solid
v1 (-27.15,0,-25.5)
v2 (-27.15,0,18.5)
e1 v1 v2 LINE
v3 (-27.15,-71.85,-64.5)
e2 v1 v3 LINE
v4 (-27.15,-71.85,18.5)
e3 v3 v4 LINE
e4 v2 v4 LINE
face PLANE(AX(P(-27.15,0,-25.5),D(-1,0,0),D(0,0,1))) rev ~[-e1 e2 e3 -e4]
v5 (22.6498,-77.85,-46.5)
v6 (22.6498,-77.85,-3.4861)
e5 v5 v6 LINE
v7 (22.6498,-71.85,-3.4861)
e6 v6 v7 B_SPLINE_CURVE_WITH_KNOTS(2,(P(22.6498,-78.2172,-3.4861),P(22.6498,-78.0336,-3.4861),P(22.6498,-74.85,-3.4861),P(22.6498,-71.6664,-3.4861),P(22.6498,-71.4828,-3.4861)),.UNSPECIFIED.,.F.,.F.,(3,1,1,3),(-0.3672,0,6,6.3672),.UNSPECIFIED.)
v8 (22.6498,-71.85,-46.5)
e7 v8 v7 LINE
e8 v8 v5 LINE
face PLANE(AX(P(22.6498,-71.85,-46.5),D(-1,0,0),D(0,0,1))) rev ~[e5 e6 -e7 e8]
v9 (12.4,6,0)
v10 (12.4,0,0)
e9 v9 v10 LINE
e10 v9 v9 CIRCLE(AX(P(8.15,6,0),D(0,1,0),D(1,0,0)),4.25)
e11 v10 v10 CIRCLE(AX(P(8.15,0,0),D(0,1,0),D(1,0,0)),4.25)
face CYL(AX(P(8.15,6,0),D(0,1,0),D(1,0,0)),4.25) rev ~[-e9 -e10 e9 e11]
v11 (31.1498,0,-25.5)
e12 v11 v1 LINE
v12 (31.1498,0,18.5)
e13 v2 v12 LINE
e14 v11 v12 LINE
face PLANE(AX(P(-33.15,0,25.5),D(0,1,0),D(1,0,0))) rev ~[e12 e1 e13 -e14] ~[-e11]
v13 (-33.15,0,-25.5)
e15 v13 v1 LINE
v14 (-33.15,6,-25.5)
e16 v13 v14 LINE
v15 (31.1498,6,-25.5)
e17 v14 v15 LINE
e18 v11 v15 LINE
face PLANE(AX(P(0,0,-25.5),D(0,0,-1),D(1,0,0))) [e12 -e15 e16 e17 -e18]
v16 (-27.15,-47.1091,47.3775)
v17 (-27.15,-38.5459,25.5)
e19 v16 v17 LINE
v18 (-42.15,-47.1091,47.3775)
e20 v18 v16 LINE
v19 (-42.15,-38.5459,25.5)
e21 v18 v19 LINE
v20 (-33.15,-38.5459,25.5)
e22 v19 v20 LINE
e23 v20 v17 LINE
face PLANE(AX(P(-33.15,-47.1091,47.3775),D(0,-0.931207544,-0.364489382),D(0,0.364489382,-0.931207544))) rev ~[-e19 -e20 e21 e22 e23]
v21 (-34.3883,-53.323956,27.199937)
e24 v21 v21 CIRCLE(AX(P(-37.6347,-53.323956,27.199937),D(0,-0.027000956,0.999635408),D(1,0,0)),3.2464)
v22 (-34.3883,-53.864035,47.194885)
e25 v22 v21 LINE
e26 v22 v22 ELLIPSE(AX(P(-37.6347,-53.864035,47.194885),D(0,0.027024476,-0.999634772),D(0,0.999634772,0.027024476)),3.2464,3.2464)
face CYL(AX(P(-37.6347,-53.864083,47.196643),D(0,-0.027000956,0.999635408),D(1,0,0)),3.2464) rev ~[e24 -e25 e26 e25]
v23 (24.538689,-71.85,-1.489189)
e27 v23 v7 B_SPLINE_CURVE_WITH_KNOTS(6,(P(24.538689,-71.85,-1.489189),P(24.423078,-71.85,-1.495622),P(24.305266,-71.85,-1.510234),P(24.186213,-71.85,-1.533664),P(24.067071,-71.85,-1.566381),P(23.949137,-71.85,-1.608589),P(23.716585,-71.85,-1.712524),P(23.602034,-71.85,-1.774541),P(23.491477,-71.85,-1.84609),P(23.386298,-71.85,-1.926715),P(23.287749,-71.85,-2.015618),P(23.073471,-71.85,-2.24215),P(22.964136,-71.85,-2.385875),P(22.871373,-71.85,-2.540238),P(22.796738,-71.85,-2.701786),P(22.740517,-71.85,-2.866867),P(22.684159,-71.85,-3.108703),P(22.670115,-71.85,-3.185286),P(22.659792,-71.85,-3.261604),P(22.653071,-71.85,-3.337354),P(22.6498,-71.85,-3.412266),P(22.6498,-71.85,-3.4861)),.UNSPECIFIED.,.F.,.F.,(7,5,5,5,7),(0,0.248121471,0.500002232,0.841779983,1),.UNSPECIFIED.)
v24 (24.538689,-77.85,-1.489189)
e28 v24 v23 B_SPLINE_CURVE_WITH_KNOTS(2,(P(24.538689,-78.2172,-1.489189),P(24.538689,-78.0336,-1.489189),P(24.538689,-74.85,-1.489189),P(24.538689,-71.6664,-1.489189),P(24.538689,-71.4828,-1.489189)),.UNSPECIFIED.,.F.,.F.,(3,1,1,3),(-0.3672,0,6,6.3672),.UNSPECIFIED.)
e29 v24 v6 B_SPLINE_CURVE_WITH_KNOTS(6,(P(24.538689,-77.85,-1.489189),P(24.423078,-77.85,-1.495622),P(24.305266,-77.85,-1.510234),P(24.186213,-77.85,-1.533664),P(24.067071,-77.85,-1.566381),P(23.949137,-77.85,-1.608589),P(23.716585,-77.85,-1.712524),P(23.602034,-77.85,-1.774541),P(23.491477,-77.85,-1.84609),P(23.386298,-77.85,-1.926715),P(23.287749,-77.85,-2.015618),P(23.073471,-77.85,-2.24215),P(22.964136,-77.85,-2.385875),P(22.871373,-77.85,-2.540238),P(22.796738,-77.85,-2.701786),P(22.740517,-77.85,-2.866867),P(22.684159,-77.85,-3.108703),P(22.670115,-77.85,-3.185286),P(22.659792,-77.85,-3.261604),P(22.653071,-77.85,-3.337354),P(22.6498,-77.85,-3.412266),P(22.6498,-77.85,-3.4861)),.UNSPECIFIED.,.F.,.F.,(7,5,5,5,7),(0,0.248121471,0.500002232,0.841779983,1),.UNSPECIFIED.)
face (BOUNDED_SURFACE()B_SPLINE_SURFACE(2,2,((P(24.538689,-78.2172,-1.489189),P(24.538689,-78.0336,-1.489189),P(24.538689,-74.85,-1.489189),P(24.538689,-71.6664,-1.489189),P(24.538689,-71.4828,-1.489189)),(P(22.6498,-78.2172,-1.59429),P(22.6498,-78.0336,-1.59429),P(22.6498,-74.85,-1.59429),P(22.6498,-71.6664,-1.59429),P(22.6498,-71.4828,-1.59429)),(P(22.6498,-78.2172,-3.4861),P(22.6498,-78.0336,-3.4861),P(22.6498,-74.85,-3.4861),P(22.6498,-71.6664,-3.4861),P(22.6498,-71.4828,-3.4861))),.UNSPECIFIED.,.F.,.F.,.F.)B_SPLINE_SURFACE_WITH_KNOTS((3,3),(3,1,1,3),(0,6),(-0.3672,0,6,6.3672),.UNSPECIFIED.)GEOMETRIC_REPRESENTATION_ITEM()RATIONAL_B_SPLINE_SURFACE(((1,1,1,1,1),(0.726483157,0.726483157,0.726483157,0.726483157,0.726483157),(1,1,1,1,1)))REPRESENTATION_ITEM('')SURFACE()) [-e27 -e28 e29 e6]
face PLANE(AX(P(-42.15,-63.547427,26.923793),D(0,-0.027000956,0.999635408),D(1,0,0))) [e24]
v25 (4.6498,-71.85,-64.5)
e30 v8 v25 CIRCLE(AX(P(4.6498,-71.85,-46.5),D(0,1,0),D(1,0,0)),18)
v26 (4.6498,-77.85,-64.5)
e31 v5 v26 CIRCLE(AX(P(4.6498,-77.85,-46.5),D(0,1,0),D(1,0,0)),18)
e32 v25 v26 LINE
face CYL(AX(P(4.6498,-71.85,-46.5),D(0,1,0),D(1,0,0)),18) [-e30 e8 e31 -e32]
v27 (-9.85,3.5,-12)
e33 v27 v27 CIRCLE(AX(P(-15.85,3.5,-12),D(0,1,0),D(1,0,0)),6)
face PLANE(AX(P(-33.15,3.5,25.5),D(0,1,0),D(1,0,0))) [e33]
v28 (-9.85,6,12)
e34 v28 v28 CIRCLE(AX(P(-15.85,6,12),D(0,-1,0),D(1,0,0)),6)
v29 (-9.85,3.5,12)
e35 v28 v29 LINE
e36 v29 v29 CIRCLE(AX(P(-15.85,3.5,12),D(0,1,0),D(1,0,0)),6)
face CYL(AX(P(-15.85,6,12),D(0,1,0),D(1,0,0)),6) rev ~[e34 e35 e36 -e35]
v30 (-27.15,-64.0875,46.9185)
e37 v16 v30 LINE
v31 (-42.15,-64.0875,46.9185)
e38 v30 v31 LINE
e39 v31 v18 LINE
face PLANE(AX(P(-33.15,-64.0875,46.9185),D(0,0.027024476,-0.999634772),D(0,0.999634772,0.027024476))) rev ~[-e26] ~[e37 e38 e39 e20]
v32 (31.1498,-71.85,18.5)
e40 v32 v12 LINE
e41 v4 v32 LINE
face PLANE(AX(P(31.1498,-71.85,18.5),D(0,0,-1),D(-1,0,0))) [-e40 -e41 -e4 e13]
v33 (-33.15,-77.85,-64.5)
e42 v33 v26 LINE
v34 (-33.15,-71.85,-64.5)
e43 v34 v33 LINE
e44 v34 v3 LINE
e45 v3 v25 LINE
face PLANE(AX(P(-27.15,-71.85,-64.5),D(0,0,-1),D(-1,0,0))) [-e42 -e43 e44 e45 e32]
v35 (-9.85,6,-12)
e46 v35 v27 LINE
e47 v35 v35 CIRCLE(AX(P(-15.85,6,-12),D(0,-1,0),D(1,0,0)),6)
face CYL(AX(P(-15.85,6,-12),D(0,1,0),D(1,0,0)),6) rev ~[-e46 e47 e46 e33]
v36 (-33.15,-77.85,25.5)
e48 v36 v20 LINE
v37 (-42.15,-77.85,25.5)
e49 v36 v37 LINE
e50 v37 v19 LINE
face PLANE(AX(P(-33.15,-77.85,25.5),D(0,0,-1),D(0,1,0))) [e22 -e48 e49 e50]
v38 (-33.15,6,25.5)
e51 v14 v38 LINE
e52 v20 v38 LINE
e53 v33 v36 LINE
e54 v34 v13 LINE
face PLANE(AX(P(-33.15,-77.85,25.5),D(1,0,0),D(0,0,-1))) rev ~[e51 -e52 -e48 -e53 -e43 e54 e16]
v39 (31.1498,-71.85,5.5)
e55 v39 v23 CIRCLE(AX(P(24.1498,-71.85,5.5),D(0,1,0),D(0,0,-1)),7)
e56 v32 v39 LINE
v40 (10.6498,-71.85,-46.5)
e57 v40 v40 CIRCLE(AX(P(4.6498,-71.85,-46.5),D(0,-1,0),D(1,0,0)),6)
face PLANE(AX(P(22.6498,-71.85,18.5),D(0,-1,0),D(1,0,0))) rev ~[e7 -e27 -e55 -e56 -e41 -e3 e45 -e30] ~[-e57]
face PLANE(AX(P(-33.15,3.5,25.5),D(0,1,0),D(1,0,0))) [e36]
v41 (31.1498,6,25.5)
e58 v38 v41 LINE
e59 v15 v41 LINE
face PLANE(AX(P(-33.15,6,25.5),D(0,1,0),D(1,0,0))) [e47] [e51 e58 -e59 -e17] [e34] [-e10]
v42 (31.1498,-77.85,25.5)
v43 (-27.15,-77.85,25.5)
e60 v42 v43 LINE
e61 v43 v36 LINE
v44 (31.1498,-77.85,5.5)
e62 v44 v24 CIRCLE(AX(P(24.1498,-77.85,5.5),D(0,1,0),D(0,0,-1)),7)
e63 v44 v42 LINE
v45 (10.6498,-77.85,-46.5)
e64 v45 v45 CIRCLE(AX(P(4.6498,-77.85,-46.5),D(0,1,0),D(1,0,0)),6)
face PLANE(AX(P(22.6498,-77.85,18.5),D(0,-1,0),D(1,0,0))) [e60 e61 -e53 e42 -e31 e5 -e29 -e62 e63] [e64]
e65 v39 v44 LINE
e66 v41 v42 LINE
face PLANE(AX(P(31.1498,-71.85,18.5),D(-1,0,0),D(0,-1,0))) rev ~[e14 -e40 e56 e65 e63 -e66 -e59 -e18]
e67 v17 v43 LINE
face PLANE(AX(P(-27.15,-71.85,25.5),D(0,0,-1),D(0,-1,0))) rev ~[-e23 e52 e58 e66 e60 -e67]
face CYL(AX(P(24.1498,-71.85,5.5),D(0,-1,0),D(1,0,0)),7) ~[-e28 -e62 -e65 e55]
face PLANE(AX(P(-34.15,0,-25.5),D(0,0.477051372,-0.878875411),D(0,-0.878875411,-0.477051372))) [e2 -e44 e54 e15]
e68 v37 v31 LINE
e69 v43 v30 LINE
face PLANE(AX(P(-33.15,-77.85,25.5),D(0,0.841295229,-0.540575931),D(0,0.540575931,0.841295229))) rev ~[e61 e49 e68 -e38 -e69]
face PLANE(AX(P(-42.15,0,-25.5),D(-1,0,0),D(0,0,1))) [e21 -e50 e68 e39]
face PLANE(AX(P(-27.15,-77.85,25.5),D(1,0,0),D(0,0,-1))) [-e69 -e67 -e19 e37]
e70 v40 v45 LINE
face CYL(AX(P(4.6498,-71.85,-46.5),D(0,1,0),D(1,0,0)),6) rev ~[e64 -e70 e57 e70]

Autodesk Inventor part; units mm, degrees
ref_plane "YZ Plane" through (0, 0, 0) normal (1, 0, 0) x (0, 1, 0)
ref_plane "XZ Plane" through (0, 0, 0) normal (0, 1, 0) x (-1, 0, 0)
ref_plane "XY Plane" through (0, 0, 0) normal (0, 0, 1) x (1, 0, 0)
sketch "Sketch1" plane through (0, 0, 0) normal (0, 1, 0) x (-1, 0, 0)
  line L0 (0, -25.5) -> (-34.15, -25.5)
  line L1 (-34.15, -25.5) -> (-34.15, 0)
  line L2 (-34.15, 0) -> (-34.15, 25.5)
  line L3 (-34.15, 25.5) -> (0, 25.5)
  line L4 (0, 25.5) -> (34.15, 25.5)
  line L5 (34.15, 25.5) -> (34.15, 0)
  line L6 (34.15, 0) -> (34.15, -25.5)
  line L7 (34.15, -25.5) -> (0, -25.5)
  point P0 (0, 0)
extrude "Extrusion1" add sketch "Sketch1" along normal blind 7
sketch "Sketch3" plane through (-34.15, 0, 25.5) normal (0, 0, 1) x (1, 0, 0)
  line L0 (0, 0) -> (0, -78.85)
  point P0 (34.15, 0)
  dimension "d7" = 78.85
sketch "Sketch4" plane through (-34.15, 0, -25.5) normal (-1, 0, 0) x (0, 0, 1)
  line L0 (51, 0) -> (51, -78.85)
  line L1 (51, -78.85) -> (-39, -78.85)
  line L2 (-39, -78.85) -> (-39, -71.85)
  line L3 (0, 0) -> (-39, -71.85)
  line L4 (0, 0) -> (51, 0)
  point P0 (25.5, 0)
  dimension "d10" = 90
  dimension "d11" = 7
extrude "Extrusion2" add sketch "Sketch4" against normal blind 7
sketch "Sketch6" plane through (0, 7, 0) normal (0, 1, 0) x (1, 0, 0)
  line L0 (34.15, -25.5) -> (34.15, 25.5) projected
  line L1 (34.15, 25.5) -> (34.15, 0)
  line L2 (-34.15, 25.5) -> (-34.15, -25.5) projected
  circle A0 centre (8.15, 0) radius 5
  point P0 (0, 0)
  dimension "d20" = 10
extrude "Extrusion4" cut sketch "Sketch6" against normal blind 10
sketch "Sketch7" plane through (-27.15, 0, -25.5) normal (1, 0, 0) x (0, 0, -1)
  line L0 (-51, -78.85) -> (39, -78.85) projected
  line L1 (-51, -78.85) -> (39, -78.85)
  line L2 (39, -78.85) -> (39, -71.85) projected
  line L3 (39, -78.85) -> (39, -71.85)
  line L4 (39, -71.85) -> (-51, -71.85)
  line L5 (-51, 0) -> (-51, -78.85) projected
  line L6 (-51, -78.85) -> (-51, -71.85)
  point P0 (-25.5, 0)
sketch "Sketch8" plane through (0, 0, 0) normal (0, -1, 0) x (1, 0, 0)
  circle A0 centre (8.15, 0) radius 5 projected
  line L0 (8.15, 18.5) -> (34.15, 18.5)
  line L1 (34.15, 25.5) -> (34.15, -25.5) projected
  line L2 (8.15, 25.5) -> (34.15, 25.5)
  line L3 (8.15, 25.5) -> (-27.15, 25.5)
  line L4 (-27.15, 25.5) -> (-27.15, -25.5) projected
  line L5 (8.15, 18.5) -> (-27.15, 18.5)
  line L6 (34.15, 25.5) -> (34.15, 18.5)
  line L7 (-27.15, 25.5) -> (-27.15, 18.5)
  point P0 (0, 0)
extrude "Extrusion6" add sketch "Sketch7" along normal blind 58.5
extrude "Extrusion7" add sketch "Sketch8" along normal blind 78.75 contours L5 L4 L3 L2 L1 L0
sketch "Sketch9" plane through (31.35, 0, -25.5) normal (1, 0, 0) x (0, 0, -1)
  line L0 (-51, -78.75) -> (-51, 7) projected
  line L1 (-44, 0) -> (-44, -71.85) projected
  line L2 (-51, -78.75) -> (-44, -78.75)
  line L3 (-44, -78.75) -> (-44, -71.85)
  line L4 (-44, -71.85) -> (-51, -71.85)
  line L5 (-51, -71.85) -> (-51, -78.75)
  point P0 (-25.5, 0)
extrude "Extrusion8" cut sketch "Sketch9" along normal blind 10
sketch "Sketch10" plane through (0, 7, 0) normal (0, 1, 0) x (1, 0, 0)
  point P0 (0, 0)
sketch "Boceto11" plane through (-34.15, -78.85, -64.5) normal (0, -1, 0) x (1, 0, 0)
  line L0 (72.0718, 89.9914) -> (72.0718, 37.9883)
  line L1 (72.0718, 37.9883) -> (65.5278, 37.9883)
  line L2 (65.5278, 37.9883) -> (65.5278, 89.9914)
  line L3 (72.0718, 89.9914) -> (72.0718, 92.1751)
  line L4 (72.0718, 92.1751) -> (65.5278, 92.1751)
  line L5 (65.5278, 92.1751) -> (65.5278, 89.9914)
  point P0 (34.15, 64.5)
extrude "Extrusión9" cut sketch "Boceto11" against normal blind 1000
sketch "Boceto18" plane through (-34.15, -78.85, 25.5) normal (0, 0, 1) x (1, 0, 0)
  point P0 (34.15, 78.85)
sketch "Boceto23" plane through (-27.15, 0, -25.5) normal (0, 0.4771, -0.8789) x (-1, 0, 0)
  point P0 (-27.15, 12.1648)
sketch "Boceto24" plane through (-27.15, 0, -25.5) normal (0, 0, -1) x (-1, 0, 0)
  line L0 (7, -71.85) -> (7, -78.85) projected
  line L1 (7, -78.35) -> (7, -78.85)
  line L2 (7, -78.85) -> (-58.5, -78.85) projected
  line L3 (-58.5, -78.85) -> (-58.5, -77.85)
  line L4 (-58.5, -71.85) -> (-58.5, -78.85) projected
  line L5 (-58.5, -77.85) -> (6, -77.85)
  line L6 (7, -77.85) -> (7, -78.85)
  line L7 (7, -78.85) -> (-58.8392, -78.85)
  line L8 (-58.5278, 7) -> (7, 7) projected
  line L9 (7, -78.85) -> (7, 7)
  line L10 (7, 7) -> (6, 7)
  line L11 (6, 6) -> (6, -77.85)
  line L12 (-58.5278, -71.85) -> (-58.5278, 7) projected
  line L13 (-58.5278, 7) -> (-58.5278, 6)
  line L14 (-58.5278, 6) -> (6, 6)
  line L15 (7, 0) -> (7, 7) projected
  line L16 (7, 6) -> (7, 7)
  line L17 (7, 7) -> (-58.5278, 7)
  point P0 (-27.15, 0)
  dimension "d65" = 1
  dimension "d66" = 1
  dimension "d67" = 1
extrude "Extrusión19" cut sketch "Boceto24" along normal mid plane 1000
sketch "Boceto25" plane through (31.35, -71.85, -64.5) normal (0, 0, -1) x (-1, 0, 0)
  point P0 (31.35, 71.85)
sketch "Boceto27" plane through (31.3778, 0, -25.5) normal (0, 0, -1) x (-1, 0, 0)
  line L0 (0, -71.85) -> (0, 6) projected
  line L1 (0, 6) -> (0.228, 6)
  line L2 (0, 6) -> (64.5278, 6) projected
  line L3 (0.228, 6) -> (0.228, -77.85)
  line L4 (0.0278, -77.85) -> (64.5278, -77.85) projected
  line L5 (0.0278, -71.85) -> (0.0278, -77.85) projected
  line L6 (0.228, -77.85) -> (0.0278, -77.85)
  line L7 (0.0278, -77.85) -> (0, 6)
  line L8 (0, 6) -> (0, -77.85)
  line L9 (0, -77.85) -> (0.0278, -77.85)
  point P0 (31.3778, 0)
  dimension "d73" = 0.228
extrude "Extrusión21" cut sketch "Boceto27" along normal mid plane 1000
sketch "Boceto28" plane through (-33.15, 0, -25.5) normal (-1, 0, 0) x (0, 0, 1)
  point P0 (25.5, 0)
sketch "Boceto30" plane through (-33.15, 0, -25.5) normal (-1, 0, 0) x (0, 0, 1)
  point P0 (25.5, 0)
sketch "Boceto31" plane through (-33.15, 0, -25.5) normal (-1, 0, 0) x (0, 0, 1)
  circle A0 centre (64.38, -38.5153) radius 2.6
  point P0 (25.5, 0)
  point P1 (64.38, -49.4573)
sketch "Boceto32" plane through (-27.15, -71.85, 18.5) normal (0, 1, 0) x (1, 0, 0)
  circle A0 centre (47, 71.5) radius 5 projected
  circle A1 centre (47, 71.5) radius 5
  line L0 (52, 71.5) -> (58.2998, 71.5)
  line L1 (67, 83) -> (67, -7)
  line L2 (58.2998, -7) -> (-6, -7) projected
  line L3 (67, -7) -> (58.2998, -7)
  line L4 (58.2998, -7) -> (58.2998, 83)
  line L5 (47, 76.5) -> (47, 83)
  line L6 (-6, 83) -> (0, 83) projected
  line L7 (-6, 83) -> (-6, 91.5)
  line L8 (-6, 91.5) -> (67, 91.5)
  line L9 (67, 91.5) -> (67, 83)
  line L10 (-6, 83) -> (58.2998, 83)
  point P0 (27.15, 18.5)
extrude "Extrusión23" add sketch "Boceto32" against normal blind 6 contours L4 L10 L6 L7 L8 L9 L1 L3
sketch "Boceto33" plane through (-33.15, -77.85, 25.5) normal (-1, 0, 0) x (0, 0, 1)
  line L0 (0, 83.85) -> (0, 0) projected
  line L1 (0, 74.4354) -> (10.1255, 74.4354)
  line L2 (10.1255, 74.4354) -> (10.1255, 56.6115)
  line L3 (10.9445, 54.9975) -> (18.0243, 49.8171)
  line L4 (18.8039, 48.5979) -> (20.1084, 42.1205)
  line L5 (0, 11.6181) -> (18.1478, 11.6181)
  line L6 (20.1478, 13.6181) -> (20.1478, 41.7256)
  arc A0 (10.1255, 56.6115) -> (10.9445, 54.9975) centre (12.1255, 56.6115) ccw
  arc A1 (18.8039, 48.5979) -> (18.0243, 49.8171) centre (16.8433, 48.203) ccw
  arc A2 (20.1478, 41.7256) -> (20.1084, 42.1205) centre (18.1478, 41.7256) ccw
  arc A3 (18.1478, 11.6181) -> (20.1478, 13.6181) centre (18.1478, 13.6181) ccw
  point P0 (-25.5, 77.85)
  dimension "d91" = 2
extrude "Extrusión24" add sketch "Boceto33" against normal blind 6
extrude "Extrusión25" cut sketch "Boceto31" against normal blind 6
sketch "Boceto34" plane through (-27.15, -77.85, 25.5) normal (1, 0, 0) x (0, 0, -1)
  line L0 (-18.1478, 11.6181) -> (-21.8775, 11.6181)
  line L1 (-21.8775, 11.6181) -> (-21.8775, 48.067)
  line L2 (-21.8775, 48.067) -> (-10.1255, 56.8358)
  line L3 (-10.1255, 74.4354) -> (-10.1255, 56.6115) projected
  line L4 (-10.1255, 56.8358) -> (-10.1255, 48.9642)
  line L5 (-10.1255, 48.9642) -> (-16.6729, 42.1735)
  line L6 (-16.6729, 42.1735) -> (-18.1478, 11.6181)
  point P0 (25.5, 77.85)
extrude "Extrusión26" add sketch "Boceto34" against normal blind 6
fillet "Empalme5" radius 10 3 edges at (-30.15, -21.0142, 35.6255) (-30.15, -29.783, 47.3775) (-30.15, -66.2319, 47.3775)
sketch "Boceto37" plane through (-33.15, 6, 25.5) normal (0, 1, 0) x (1, 0, 0)
  circle A0 centre (41.3, 25.5) radius 6 projected
  line L0 (41.3, 25.5) -> (17.3, 25.5)
  line L1 (17.3, 25.5) -> (17.3, 13.5)
  line L2 (17.3, 13.5) -> (17.3, 37.5)
  circle A1 centre (17.3, 13.5) radius 6
  circle A2 centre (17.3, 37.5) radius 6
  point P0 (33.15, 25.5)
  dimension "d106" = 24
  dimension "d107" = 12
  dimension "d108" = 24
  dimension "d109" = 12
  dimension "d110" = 12
extrude "Extrusión29" cut sketch "Boceto37" against normal blind 2.5 contours A1 | A2
sketch "Boceto39" plane through (-27.15, -71.85, 18.5) normal (0, 1, 0) x (1, 0, 0)
  line L0 (58.2998, -7) -> (58.2998, 0)
  line L1 (58.2998, 44) -> (58.2998, 91.5)
  line L2 (-6, 91.5) -> (67, 91.5) projected
  line L3 (0, 0) -> (58.2998, 0) projected
  line L4 (58.2998, 0) -> (58.2998, -7) projected
  line L5 (58.2998, -7) -> (67, -7) projected
  line L6 (58.2998, -7) -> (67, -7)
  line L7 (67, 91.5) -> (-6, 91.5) projected
  line L8 (67, -7) -> (67, 91.5)
  line L9 (67, 91.5) -> (58.2998, 91.5)
  line L10 (58.2998, 0) -> (58.2998, 44)
  point P0 (27.15, 18.5)
extrude "Extrusión31" cut sketch "Boceto39" against normal blind 10
sketch "Boceto41" plane through (-27.15, -71.85, 18.5) normal (0, 1, 0) x (1, 0, 0)
  line L0 (58.2998, 91.5) -> (58.2998, -7) projected
  line L1 (58.2998, 91.5) -> (31.7998, 91.5)
  line L2 (31.7998, 91.5) -> (31.7998, 65)
  line L3 (31.7998, 65) -> (58.2998, 65)
  line L4 (58.2998, 65) -> (58.2998, 91.5)
  circle A0 centre (31.7998, 65) radius 6
  point P0 (27.15, 18.5)
  dimension "d124" = 26.5
  dimension "d125" = 26.5
  dimension "d126" = 12
extrude "Extrusión32" cut sketch "Boceto41" against normal blind 10 contours A0 L2 L3 | L3 L2 A0
sketch "Sketch42" plane through (-27.15, -71.85, 18.5) normal (0, 1, 0) x (1, 0, 0)
  circle A0 centre (31.7998, 65) radius 6 projected
  line L0 (31.7998, 71) -> (31.7998, 65)
  circle A1 centre (31.7998, 65) radius 18
  line L1 (0, 0) -> (0, 83) projected
  line L2 (0, 83) -> (31.7998, 83)
  line L3 (58.2998, 91.5) -> (-6, 91.5) projected
  line L4 (49.7998, 65) -> (49.7998, 0)
  line L5 (58.2998, 0) -> (0, 0) projected
  line L6 (0, 0) -> (58.2998, 0) projected
  line L7 (49.7998, 0) -> (58.2998, 0)
  line L8 (58.2998, 91.5) -> (58.2998, -7) projected
  line L9 (58.2998, 0) -> (58.2998, 91.5)
  line L10 (0, 83) -> (0, 44) projected
  line L11 (0, 83) -> (-6, 83)
  line L12 (-6, 91.5) -> (-6, 83) projected
  line L13 (-6, 83) -> (-6, 91.5)
  line L14 (58.2998, 91.5) -> (58.2998, 0) projected
  line L15 (-6, 91.5) -> (58.2998, 91.5)
  point P0 (27.15, 18.5)
  point P1 (58.2998, -7)
  dimension "d129" = 36
extrude "Extrusion33" cut sketch "Sketch42" against normal blind 10 contours A1 L2 L11 L12 L3 L8 L5 L4
sketch "Sketch43" plane through (-27.15, -71.85, 18.5) normal (0, 0, -1) x (-1, 0, 0)
  line L0 (6, -6) -> (-58.2998, -6) projected
  line L1 (0, 0) -> (-49.7998, 0) projected
  line L2 (-58.2998, -6) -> (-49.7998, -6)
  line L3 (-49.7998, -6) -> (-49.7998, 0)
  line L4 (-49.7998, 0) -> (-58.2998, 0)
  line L5 (-58.2998, 0) -> (-58.2998, -6)
  point P0 (-27.15, 71.85)
extrude "Extrusion34" add sketch "Sketch43" along normal blind 20
fillet "Fillet7" radius 7 1 edges at (31.1498, -74.85, -1.5)
fillet "Fillet8" radius 2 1 edges at (22.6498, -74.85, -1.5)
sketch "Sketch44" plane through (-33.15, 0, -25.5) normal (-1, 0, 0) x (0, 0, 1)
  line L0 (68.8577, -26.7837) -> (65.1452, -24.0136) projected
  line L1 (61.1255, -3.4146) -> (51, -3.4146) projected
  line L2 (65.1452, -24.0136) -> (51, -24.0136)
  line L3 (51, -24.0136) -> (51, -3.4146)
  line L4 (51, -3.4146) -> (65.1452, -3.4146)
  line L5 (65.1452, -3.4146) -> (65.1452, -24.0136)
  point P0 (25.5, 0)
extrude "Extrusion35" cut sketch "Sketch44" against normal blind 20
sketch "Sketch45" plane through (-33.15, 6, 25.5) normal (0, 1, 0) x (1, 0, 0)
  circle A0 centre (41.3, 25.5) radius 5 projected
  circle A1 centre (41.3, 25.5) radius 4.25
  circle A2 centre (41.3, 25.5) radius 5
  point P0 (33.15, 25.5)
  dimension "d138" = 8.5
extrude "Extrusion36" add sketch "Sketch45" against normal blind 6
sketch "Sketch46" plane through (-33.15, 0, -25.5) normal (-1, 0, 0) x (0, 0, 1)
  line L0 (31, -77.85) -> (51, -77.85) projected
  line L1 (51, -77.85) -> (72.4185, -64.0875)
  line L2 (72.4185, -64.0875) -> (72.8775, -47.1091)
  line L3 (72.8775, -34.7985) -> (72.8775, -56.2319) projected
  line L4 (72.8775, -47.1091) -> (51, -38.5459)
  line L5 (51, -77.85) -> (51, 6) projected
  line L6 (51, -77.85) -> (51, -38.5459)
  line L7 (51, -77.85) -> (94.6859, -77.85)
  line L8 (94.6859, -77.85) -> (94.6859, -12.3032)
  line L9 (94.6859, -12.3032) -> (51, -12.3032)
  line L10 (51, -12.3032) -> (51, -77.85)
  point P0 (25.5, 0)
  point P1 (51, -12.3032)
extrude "Extrusion37" add sketch "Sketch46" along normal blind 9 and the other way blind 6 contours L5 L4 L2 L1
sketch "Sketch47" plane through (-42.15, -64.0875, 46.9185) normal (0, -0.027, 0.9996) x (1, 0, 0)
  point P0 (42.15, 62.7962)
sketch "Sketch48" plane through (-42.15, -64.0875, 46.9185) normal (0, -0.027, 0.9996) x (1, 0, 0)
  point P0 (42.15, 62.7962)
sketch "Sketch49" plane through (-42.15, -64.0875, 46.9185) normal (0, -0.027, 0.9996) x (1, 0, 0)
  line L0 (4.5153, 6.9733) -> (4.5153, 13.4811)
  line L1 (4.5153, 13.4811) -> (4.5153, 10.2272)
  line L2 (4.5153, 10.2272) -> (4.5153, 13.4811)
  line L3 (4.5153, 13.4811) -> (1.2539, 10.2272)
  line L4 (1.2539, 10.2272) -> (7.7617, 10.2272)
  circle A0 centre (4.5153, 10.2272) radius 3.2464
  point P0 (42.15, 62.7962)
extrude "Extrusion38" cut sketch "Sketch49" against normal blind 20 contours A0 L4 L0 | L0 L4 A0 | L4 A0 L3 L0 | L0 A0 L4 | A0 L3
extrude "Extrusion39" cut sketch "Sketch46" along normal mid plane 200 contours L1 L2 L4 L5 L9 L8 L7
properties part number "AC23[I3][R]" material "Aluminio 6061"
